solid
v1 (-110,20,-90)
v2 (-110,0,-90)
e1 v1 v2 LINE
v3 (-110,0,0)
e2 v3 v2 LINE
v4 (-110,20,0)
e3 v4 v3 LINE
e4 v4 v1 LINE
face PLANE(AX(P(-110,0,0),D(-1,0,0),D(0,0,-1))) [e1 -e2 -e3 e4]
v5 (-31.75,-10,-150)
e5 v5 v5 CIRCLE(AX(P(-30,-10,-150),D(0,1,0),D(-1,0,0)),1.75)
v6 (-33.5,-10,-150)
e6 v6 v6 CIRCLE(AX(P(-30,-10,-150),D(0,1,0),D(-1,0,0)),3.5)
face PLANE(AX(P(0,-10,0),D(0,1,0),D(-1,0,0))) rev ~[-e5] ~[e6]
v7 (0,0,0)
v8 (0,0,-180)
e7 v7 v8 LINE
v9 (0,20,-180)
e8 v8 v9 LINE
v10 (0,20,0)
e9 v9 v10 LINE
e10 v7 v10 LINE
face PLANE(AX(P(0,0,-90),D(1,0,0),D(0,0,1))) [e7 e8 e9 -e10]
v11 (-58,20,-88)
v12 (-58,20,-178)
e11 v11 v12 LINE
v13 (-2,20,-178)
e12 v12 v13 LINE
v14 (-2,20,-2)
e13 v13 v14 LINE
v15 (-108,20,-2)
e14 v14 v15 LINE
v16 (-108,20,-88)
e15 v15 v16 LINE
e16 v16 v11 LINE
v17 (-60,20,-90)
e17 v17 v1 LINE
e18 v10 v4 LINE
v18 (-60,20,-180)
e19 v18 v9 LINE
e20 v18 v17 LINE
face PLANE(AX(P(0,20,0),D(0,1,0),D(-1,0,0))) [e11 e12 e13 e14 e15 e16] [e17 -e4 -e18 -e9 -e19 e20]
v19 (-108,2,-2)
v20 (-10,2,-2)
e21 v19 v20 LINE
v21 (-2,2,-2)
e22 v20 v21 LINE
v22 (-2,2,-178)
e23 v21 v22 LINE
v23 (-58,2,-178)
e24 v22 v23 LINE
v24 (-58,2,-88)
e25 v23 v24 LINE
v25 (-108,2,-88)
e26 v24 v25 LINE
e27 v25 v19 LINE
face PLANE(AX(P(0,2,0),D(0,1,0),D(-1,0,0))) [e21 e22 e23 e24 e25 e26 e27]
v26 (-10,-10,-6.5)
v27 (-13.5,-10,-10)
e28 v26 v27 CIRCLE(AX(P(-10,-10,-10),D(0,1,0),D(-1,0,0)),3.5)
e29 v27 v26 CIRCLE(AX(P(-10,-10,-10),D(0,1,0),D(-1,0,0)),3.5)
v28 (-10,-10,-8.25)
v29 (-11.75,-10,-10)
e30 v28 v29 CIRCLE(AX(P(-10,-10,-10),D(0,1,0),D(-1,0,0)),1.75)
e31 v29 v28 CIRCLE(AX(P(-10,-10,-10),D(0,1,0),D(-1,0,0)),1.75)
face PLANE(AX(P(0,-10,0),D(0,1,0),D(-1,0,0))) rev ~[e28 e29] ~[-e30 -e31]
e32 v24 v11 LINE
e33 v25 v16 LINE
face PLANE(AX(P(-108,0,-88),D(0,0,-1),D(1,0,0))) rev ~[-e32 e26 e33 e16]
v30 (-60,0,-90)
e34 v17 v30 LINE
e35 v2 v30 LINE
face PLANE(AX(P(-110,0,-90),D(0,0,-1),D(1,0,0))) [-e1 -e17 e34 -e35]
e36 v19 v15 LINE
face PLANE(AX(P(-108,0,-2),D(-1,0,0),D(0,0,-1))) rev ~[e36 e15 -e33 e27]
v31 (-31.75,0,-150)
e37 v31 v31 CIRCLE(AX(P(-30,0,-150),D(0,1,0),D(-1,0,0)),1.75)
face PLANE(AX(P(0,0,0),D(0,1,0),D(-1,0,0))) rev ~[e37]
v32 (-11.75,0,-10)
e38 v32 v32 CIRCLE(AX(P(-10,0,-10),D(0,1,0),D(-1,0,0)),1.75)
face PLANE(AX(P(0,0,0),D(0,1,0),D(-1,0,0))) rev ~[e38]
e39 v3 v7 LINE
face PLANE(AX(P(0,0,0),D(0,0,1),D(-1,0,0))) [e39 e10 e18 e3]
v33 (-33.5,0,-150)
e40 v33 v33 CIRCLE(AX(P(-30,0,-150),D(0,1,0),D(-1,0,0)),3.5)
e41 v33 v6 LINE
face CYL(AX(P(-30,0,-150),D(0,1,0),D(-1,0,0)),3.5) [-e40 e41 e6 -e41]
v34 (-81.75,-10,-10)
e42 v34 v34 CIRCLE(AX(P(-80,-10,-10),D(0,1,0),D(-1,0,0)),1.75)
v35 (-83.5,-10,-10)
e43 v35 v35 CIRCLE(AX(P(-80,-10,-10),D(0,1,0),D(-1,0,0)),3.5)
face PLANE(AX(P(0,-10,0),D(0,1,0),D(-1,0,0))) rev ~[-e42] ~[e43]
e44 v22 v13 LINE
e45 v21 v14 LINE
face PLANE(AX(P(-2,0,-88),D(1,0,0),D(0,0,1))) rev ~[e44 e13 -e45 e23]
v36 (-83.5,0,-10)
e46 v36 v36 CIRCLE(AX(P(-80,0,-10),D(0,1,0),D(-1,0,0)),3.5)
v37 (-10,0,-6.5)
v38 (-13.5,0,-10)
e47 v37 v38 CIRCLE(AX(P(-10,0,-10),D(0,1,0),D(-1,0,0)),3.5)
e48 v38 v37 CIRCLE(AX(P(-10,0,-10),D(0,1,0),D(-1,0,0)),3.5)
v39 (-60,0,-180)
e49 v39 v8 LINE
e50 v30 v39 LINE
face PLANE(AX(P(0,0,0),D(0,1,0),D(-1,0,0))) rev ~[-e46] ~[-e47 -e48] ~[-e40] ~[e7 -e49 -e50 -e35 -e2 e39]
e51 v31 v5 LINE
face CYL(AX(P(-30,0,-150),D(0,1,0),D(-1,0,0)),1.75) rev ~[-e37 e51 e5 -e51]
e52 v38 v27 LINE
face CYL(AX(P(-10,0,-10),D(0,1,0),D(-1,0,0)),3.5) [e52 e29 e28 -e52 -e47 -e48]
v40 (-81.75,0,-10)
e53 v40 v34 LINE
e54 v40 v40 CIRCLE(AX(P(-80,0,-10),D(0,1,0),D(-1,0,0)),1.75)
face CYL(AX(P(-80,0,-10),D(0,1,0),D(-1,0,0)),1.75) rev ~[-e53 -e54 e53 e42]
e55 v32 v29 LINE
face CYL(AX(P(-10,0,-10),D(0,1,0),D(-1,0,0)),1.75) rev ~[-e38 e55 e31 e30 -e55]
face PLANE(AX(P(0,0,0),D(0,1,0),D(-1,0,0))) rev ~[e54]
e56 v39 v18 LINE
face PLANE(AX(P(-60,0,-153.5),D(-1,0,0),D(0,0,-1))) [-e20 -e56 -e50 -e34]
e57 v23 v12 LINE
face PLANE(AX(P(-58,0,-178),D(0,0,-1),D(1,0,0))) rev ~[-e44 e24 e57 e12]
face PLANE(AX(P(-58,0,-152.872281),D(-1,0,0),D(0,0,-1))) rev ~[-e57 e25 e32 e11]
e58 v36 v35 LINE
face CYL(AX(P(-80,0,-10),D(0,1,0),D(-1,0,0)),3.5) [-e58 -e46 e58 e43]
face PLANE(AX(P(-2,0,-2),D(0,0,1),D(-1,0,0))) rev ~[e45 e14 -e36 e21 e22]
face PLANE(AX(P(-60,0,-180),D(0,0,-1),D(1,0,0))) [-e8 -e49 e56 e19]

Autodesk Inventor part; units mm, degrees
ref_plane "YZ Plane" through (0, 0, 0) normal (1, 0, 0) x (0, 1, 0)
ref_plane "XZ Plane" through (0, 0, 0) normal (0, 1, 0) x (-1, 0, 0)
ref_plane "XY Plane" through (0, 0, 0) normal (0, 0, 1) x (1, 0, 0)
sketch "Szkic1" plane through (0, 0, 0) normal (0, 1, 0) x (-1, 0, 0)
  line L0 (0, 0) -> (110, 0)
  line L1 (110, 0) -> (110, -90)
  line L2 (110, -90) -> (0, -90)
  line L3 (0, -90) -> (0, 0)
  line L4 (0, -90) -> (60, -90)
  line L5 (60, -90) -> (60, -180)
  line L6 (60, -180) -> (0, -180)
  line L7 (0, -180) -> (0, -90)
  line L8 (2, -2) -> (108, -2)
  line L9 (108, -2) -> (108, -88)
  line L10 (108, -88) -> (2, -88)
  line L11 (2, -88) -> (2, -2)
  line L12 (2, -2) -> (108, -88) construction
  line L13 (108, -2) -> (2, -88) construction
  line L14 (2, -92) -> (58, -92)
  line L15 (58, -92) -> (58, -178)
  line L16 (58, -178) -> (2, -178)
  line L17 (2, -178) -> (2, -92)
  line L18 (2, -92) -> (58, -178) construction
  line L19 (58, -92) -> (2, -178) construction
  line L20 (55, -88) -> (2, -88)
  line L21 (2, -88) -> (2, -92)
  line L22 (2, -92) -> (55, -92)
  line L23 (55, -92) -> (55, -88)
  line L24 (58, -92) -> (2, -92)
  line L25 (2, -92) -> (2, -88)
  line L26 (2, -88) -> (58, -88)
  line L27 (58, -88) -> (58, -92)
  line L28 (0, 0) -> (10, 0)
  line L29 (10, 0) -> (10, -10)
  circle A0 centre (10, -10) radius 1.75
  circle A1 centre (10, -10) radius 3.5
  circle A2 centre (20, -10) radius 3.5
  circle A3 centre (20, -10) radius 1.75
  circle A4 centre (30, -10) radius 3.5
  circle A5 centre (30, -10) radius 1.75
  circle A6 centre (40, -10) radius 3.5
  circle A7 centre (40, -10) radius 1.75
  circle A8 centre (50, -10) radius 3.5
  circle A9 centre (50, -10) radius 1.75
  circle A10 centre (60, -10) radius 3.5
  circle A11 centre (60, -10) radius 1.75
  circle A12 centre (70, -10) radius 3.5
  circle A13 centre (70, -10) radius 1.75
  circle A14 centre (80, -10) radius 3.5
  circle A15 centre (80, -10) radius 1.75
  circle A16 centre (90, -10) radius 3.5
  circle A17 centre (90, -10) radius 1.75
  circle A18 centre (100, -10) radius 3.5
  circle A19 centre (100, -10) radius 1.75
  circle A20 centre (10, -20) radius 3.5
  circle A21 centre (10, -20) radius 1.75
  circle A22 centre (20, -20) radius 3.5
  circle A23 centre (20, -20) radius 1.75
  circle A24 centre (30, -20) radius 3.5
  circle A25 centre (30, -20) radius 1.75
  circle A26 centre (40, -20) radius 3.5
  circle A27 centre (40, -20) radius 1.75
  circle A28 centre (50, -20) radius 3.5
  circle A29 centre (50, -20) radius 1.75
  circle A30 centre (60, -20) radius 3.5
  circle A31 centre (60, -20) radius 1.75
  circle A32 centre (70, -20) radius 3.5
  circle A33 centre (70, -20) radius 1.75
  circle A34 centre (80, -20) radius 3.5
  circle A35 centre (80, -20) radius 1.75
  circle A36 centre (90, -20) radius 3.5
  circle A37 centre (90, -20) radius 1.75
  circle A38 centre (100, -20) radius 3.5
  circle A39 centre (100, -20) radius 1.75
  circle A40 centre (10, -30) radius 3.5
  circle A41 centre (10, -30) radius 1.75
  circle A42 centre (20, -30) radius 3.5
  circle A43 centre (20, -30) radius 1.75
  circle A44 centre (30, -30) radius 3.5
  circle A45 centre (30, -30) radius 1.75
  circle A46 centre (40, -30) radius 3.5
  circle A47 centre (40, -30) radius 1.75
  circle A48 centre (50, -30) radius 3.5
  circle A49 centre (50, -30) radius 1.75
  circle A50 centre (60, -30) radius 3.5
  circle A51 centre (60, -30) radius 1.75
  circle A52 centre (70, -30) radius 3.5
  circle A53 centre (70, -30) radius 1.75
  circle A54 centre (80, -30) radius 3.5
  circle A55 centre (80, -30) radius 1.75
  circle A56 centre (90, -30) radius 3.5
  circle A57 centre (90, -30) radius 1.75
  circle A58 centre (100, -30) radius 3.5
  circle A59 centre (100, -30) radius 1.75
  circle A60 centre (10, -40) radius 3.5
  circle A61 centre (10, -40) radius 1.75
  circle A62 centre (20, -40) radius 3.5
  circle A63 centre (20, -40) radius 1.75
  circle A64 centre (30, -40) radius 3.5
  circle A65 centre (30, -40) radius 1.75
  circle A66 centre (40, -40) radius 3.5
  circle A67 centre (40, -40) radius 1.75
  circle A68 centre (50, -40) radius 3.5
  circle A69 centre (50, -40) radius 1.75
  circle A70 centre (60, -40) radius 3.5
  circle A71 centre (60, -40) radius 1.75
  circle A72 centre (70, -40) radius 3.5
  circle A73 centre (70, -40) radius 1.75
  circle A74 centre (80, -40) radius 3.5
  circle A75 centre (80, -40) radius 1.75
  circle A76 centre (90, -40) radius 3.5
  circle A77 centre (90, -40) radius 1.75
  circle A78 centre (100, -40) radius 3.5
  circle A79 centre (100, -40) radius 1.75
  circle A80 centre (10, -50) radius 3.5
  circle A81 centre (10, -50) radius 1.75
  circle A82 centre (20, -50) radius 3.5
  circle A83 centre (20, -50) radius 1.75
  circle A84 centre (30, -50) radius 3.5
  circle A85 centre (30, -50) radius 1.75
  circle A86 centre (40, -50) radius 3.5
  circle A87 centre (40, -50) radius 1.75
  circle A88 centre (50, -50) radius 3.5
  circle A89 centre (50, -50) radius 1.75
  circle A90 centre (60, -50) radius 3.5
  circle A91 centre (60, -50) radius 1.75
  circle A92 centre (70, -50) radius 3.5
  circle A93 centre (70, -50) radius 1.75
  circle A94 centre (80, -50) radius 3.5
  circle A95 centre (80, -50) radius 1.75
  circle A96 centre (90, -50) radius 3.5
  circle A97 centre (90, -50) radius 1.75
  circle A98 centre (100, -50) radius 3.5
  circle A99 centre (100, -50) radius 1.75
  circle A100 centre (10, -60) radius 3.5
  circle A101 centre (10, -60) radius 1.75
  circle A102 centre (20, -60) radius 3.5
  circle A103 centre (20, -60) radius 1.75
  circle A104 centre (30, -60) radius 3.5
  circle A105 centre (30, -60) radius 1.75
  circle A106 centre (40, -60) radius 3.5
  circle A107 centre (40, -60) radius 1.75
  circle A108 centre (50, -60) radius 3.5
  circle A109 centre (50, -60) radius 1.75
  circle A110 centre (60, -60) radius 3.5
  circle A111 centre (60, -60) radius 1.75
  circle A112 centre (70, -60) radius 3.5
  circle A113 centre (70, -60) radius 1.75
  circle A114 centre (80, -60) radius 3.5
  circle A115 centre (80, -60) radius 1.75
  circle A116 centre (90, -60) radius 3.5
  circle A117 centre (90, -60) radius 1.75
  circle A118 centre (100, -60) radius 3.5
  circle A119 centre (100, -60) radius 1.75
  circle A120 centre (10, -70) radius 3.5
  circle A121 centre (10, -70) radius 1.75
  circle A122 centre (20, -70) radius 3.5
  circle A123 centre (20, -70) radius 1.75
  circle A124 centre (30, -70) radius 3.5
  circle A125 centre (30, -70) radius 1.75
  circle A126 centre (40, -70) radius 3.5
  circle A127 centre (40, -70) radius 1.75
  circle A128 centre (50, -70) radius 3.5
  circle A129 centre (50, -70) radius 1.75
  circle A130 centre (60, -70) radius 3.5
  circle A131 centre (60, -70) radius 1.75
  circle A132 centre (70, -70) radius 3.5
  circle A133 centre (70, -70) radius 1.75
  circle A134 centre (80, -70) radius 3.5
  circle A135 centre (80, -70) radius 1.75
  circle A136 centre (90, -70) radius 3.5
  circle A137 centre (90, -70) radius 1.75
  circle A138 centre (100, -70) radius 3.5
  circle A139 centre (100, -70) radius 1.75
  circle A140 centre (10, -80) radius 3.5
  circle A141 centre (10, -80) radius 1.75
  circle A142 centre (20, -80) radius 3.5
  circle A143 centre (20, -80) radius 1.75
  circle A144 centre (30, -80) radius 3.5
  circle A145 centre (30, -80) radius 1.75
  circle A146 centre (40, -80) radius 3.5
  circle A147 centre (40, -80) radius 1.75
  circle A148 centre (50, -80) radius 3.5
  circle A149 centre (50, -80) radius 1.75
  circle A150 centre (60, -80) radius 3.5
  circle A151 centre (60, -80) radius 1.75
  circle A152 centre (70, -80) radius 3.5
  circle A153 centre (70, -80) radius 1.75
  circle A154 centre (80, -80) radius 3.5
  circle A155 centre (80, -80) radius 1.75
  circle A156 centre (90, -80) radius 3.5
  circle A157 centre (90, -80) radius 1.75
  circle A158 centre (100, -80) radius 3.5
  circle A159 centre (100, -80) radius 1.75
  circle A160 centre (10, -90) radius 3.5
  circle A161 centre (10, -90) radius 1.75
  circle A162 centre (20, -90) radius 3.5
  circle A163 centre (20, -90) radius 1.75
  circle A164 centre (30, -90) radius 3.5
  circle A165 centre (30, -90) radius 1.75
  circle A166 centre (40, -90) radius 3.5
  circle A167 centre (40, -90) radius 1.75
  circle A168 centre (50, -90) radius 3.5
  circle A169 centre (50, -90) radius 1.75
  circle A170 centre (60, -90) radius 3.5
  circle A171 centre (60, -90) radius 1.75
  circle A172 centre (70, -90) radius 3.5
  circle A173 centre (70, -90) radius 1.75
  circle A174 centre (80, -90) radius 3.5
  circle A175 centre (80, -90) radius 1.75
  circle A176 centre (90, -90) radius 3.5
  circle A177 centre (90, -90) radius 1.75
  circle A178 centre (100, -90) radius 3.5
  circle A179 centre (100, -90) radius 1.75
  circle A180 centre (10, -100) radius 3.5
  circle A181 centre (10, -100) radius 1.75
  circle A182 centre (20, -100) radius 3.5
  circle A183 centre (20, -100) radius 1.75
  circle A184 centre (30, -100) radius 3.5
  circle A185 centre (30, -100) radius 1.75
  circle A186 centre (40, -100) radius 3.5
  circle A187 centre (40, -100) radius 1.75
  circle A188 centre (50, -100) radius 3.5
  circle A189 centre (50, -100) radius 1.75
  circle A190 centre (60, -100) radius 3.5
  circle A191 centre (60, -100) radius 1.75
  circle A192 centre (70, -100) radius 3.5
  circle A193 centre (70, -100) radius 1.75
  circle A194 centre (80, -100) radius 3.5
  circle A195 centre (80, -100) radius 1.75
  circle A196 centre (90, -100) radius 3.5
  circle A197 centre (90, -100) radius 1.75
  circle A198 centre (100, -100) radius 3.5
  circle A199 centre (100, -100) radius 1.75
  circle A200 centre (10, -110) radius 3.5
  circle A201 centre (10, -110) radius 1.75
  circle A202 centre (20, -110) radius 3.5
  circle A203 centre (20, -110) radius 1.75
  circle A204 centre (30, -110) radius 3.5
  circle A205 centre (30, -110) radius 1.75
  circle A206 centre (40, -110) radius 3.5
  circle A207 centre (40, -110) radius 1.75
  circle A208 centre (50, -110) radius 3.5
  circle A209 centre (50, -110) radius 1.75
  circle A210 centre (60, -110) radius 3.5
  circle A211 centre (60, -110) radius 1.75
  circle A212 centre (70, -110) radius 3.5
  circle A213 centre (70, -110) radius 1.75
  circle A214 centre (80, -110) radius 3.5
  circle A215 centre (80, -110) radius 1.75
  circle A216 centre (90, -110) radius 3.5
  circle A217 centre (90, -110) radius 1.75
  circle A218 centre (100, -110) radius 3.5
  circle A219 centre (100, -110) radius 1.75
  circle A220 centre (10, -120) radius 3.5
  circle A221 centre (10, -120) radius 1.75
  circle A222 centre (20, -120) radius 3.5
  circle A223 centre (20, -120) radius 1.75
  circle A224 centre (30, -120) radius 3.5
  circle A225 centre (30, -120) radius 1.75
  circle A226 centre (40, -120) radius 3.5
  circle A227 centre (40, -120) radius 1.75
  circle A228 centre (50, -120) radius 3.5
  circle A229 centre (50, -120) radius 1.75
  circle A230 centre (60, -120) radius 3.5
  circle A231 centre (60, -120) radius 1.75
  circle A232 centre (70, -120) radius 3.5
  circle A233 centre (70, -120) radius 1.75
  circle A234 centre (80, -120) radius 3.5
  circle A235 centre (80, -120) radius 1.75
  circle A236 centre (90, -120) radius 3.5
  circle A237 centre (90, -120) radius 1.75
  circle A238 centre (100, -120) radius 3.5
  circle A239 centre (100, -120) radius 1.75
  circle A240 centre (10, -130) radius 3.5
  circle A241 centre (10, -130) radius 1.75
  circle A242 centre (20, -130) radius 3.5
  circle A243 centre (20, -130) radius 1.75
  circle A244 centre (30, -130) radius 3.5
  circle A245 centre (30, -130) radius 1.75
  circle A246 centre (40, -130) radius 3.5
  circle A247 centre (40, -130) radius 1.75
  circle A248 centre (50, -130) radius 3.5
  circle A249 centre (50, -130) radius 1.75
  circle A250 centre (60, -130) radius 3.5
  circle A251 centre (60, -130) radius 1.75
  circle A252 centre (70, -130) radius 3.5
  circle A253 centre (70, -130) radius 1.75
  circle A254 centre (80, -130) radius 3.5
  circle A255 centre (80, -130) radius 1.75
  circle A256 centre (90, -130) radius 3.5
  circle A257 centre (90, -130) radius 1.75
  circle A258 centre (100, -130) radius 3.5
  circle A259 centre (100, -130) radius 1.75
  circle A260 centre (10, -140) radius 3.5
  circle A261 centre (10, -140) radius 1.75
  circle A262 centre (20, -140) radius 3.5
  circle A263 centre (20, -140) radius 1.75
  circle A264 centre (30, -140) radius 3.5
  circle A265 centre (30, -140) radius 1.75
  circle A266 centre (40, -140) radius 3.5
  circle A267 centre (40, -140) radius 1.75
  circle A268 centre (50, -140) radius 3.5
  circle A269 centre (50, -140) radius 1.75
  circle A270 centre (60, -140) radius 3.5
  circle A271 centre (60, -140) radius 1.75
  circle A272 centre (70, -140) radius 3.5
  circle A273 centre (70, -140) radius 1.75
  circle A274 centre (80, -140) radius 3.5
  circle A275 centre (80, -140) radius 1.75
  circle A276 centre (90, -140) radius 3.5
  circle A277 centre (90, -140) radius 1.75
  circle A278 centre (100, -140) radius 3.5
  circle A279 centre (100, -140) radius 1.75
  circle A280 centre (10, -150) radius 3.5
  circle A281 centre (10, -150) radius 1.75
  circle A282 centre (20, -150) radius 3.5
  circle A283 centre (20, -150) radius 1.75
  circle A284 centre (30, -150) radius 3.5
  circle A285 centre (30, -150) radius 1.75
  circle A286 centre (40, -150) radius 3.5
  circle A287 centre (40, -150) radius 1.75
  circle A288 centre (50, -150) radius 3.5
  circle A289 centre (50, -150) radius 1.75
  circle A290 centre (60, -150) radius 3.5
  circle A291 centre (60, -150) radius 1.75
  circle A292 centre (70, -150) radius 3.5
  circle A293 centre (70, -150) radius 1.75
  circle A294 centre (80, -150) radius 3.5
  circle A295 centre (80, -150) radius 1.75
  circle A296 centre (90, -150) radius 3.5
  circle A297 centre (90, -150) radius 1.75
  circle A298 centre (100, -150) radius 3.5
  circle A299 centre (100, -150) radius 1.75
  point P0 (55, -45)
  point P1 (30, -135)
  point P2 (60, -90)
  dimension "d0" = 110
  dimension "d1" = 90
  dimension "d2" = 60
  dimension "d3" = 90
  dimension "d4" = 106
  dimension "d5" = 86
  dimension "d6" = 56
  dimension "d7" = 86
  dimension "d12" = 10
  dimension "d13" = 10
  dimension "d14" = 90
  dimension "d15" = 3.5
  dimension "d16" = 7
  dimension "d19" = 10
  dimension "d22" = 10
  dimension "d27" = 2
  dimension "d28" = 2
  dimension "d29" = 2
  dimension "d30" = 2
extrude "Wyciągnięcie proste1" add sketch "Szkic1" along normal blind 2 contours L0 L29 L8 L11 L21 L2 L3 | L0 L1 L2 A178 L10 L9 L8 L29 | L2 L21 L17 L16 L15 A290 L5 L6 L7 | L8 L9 L10 A178 A176 A174 A172 A170 A168 A166 A164 A162 A160 L11 | A0 | A1 | L21 L10 A160 L2 | L2 A160 L14 L21 | A160 L10 L2 A161 | L2 A161 A160 L14 | L14 A160 A162 A164 A166 A168 A170 L15 A190 A210 A230 A250 A270 A290 L16 L17 | L2 A179 A178 L10 | A161 L2 | L2 A161 | A160 L10 | L14 A160 | A290 L15 L5 A291 | L2 A179 | L10 A178 | L2 A176 L10 A178 | L10 A162 L2 A160 | A160 L2 A162 L14 | A291 L5 | A290 L15 | L2 A177 A176 L10 | A162 L10 | L10 A162 L2 A163 | A162 L2 A163 L14 | L14 A162 | L15 A270 L5 A290 | L10 A176 | L2 A177 | L2 A174 L10 A176 | L10 A164 L2 A162 | A162 L2 A164 L14 | A270 L15 | L15 A270 L5 A271 | L2 A175 A174 L10 | A163 L2 | L2 A163 | A164 L10 | L10 A164 L2 A165 | A164 L2 A165 L14 | L14 A164 | L15 A250 L5 A270 | A271 L5 | L10 A174 | L2 A175 | L2 A172 L10 A174 | L10 A166 L2 A164 | A164 L2 A166 L14 | A250 L15 | L15 A250 L5 A251 | L2 A173 A172 L10 | A166 L10 | L10 A166 L2 A167 | A165 L2 | L2 A165 | A166 L2 A167 L14 | L14 A166 | L15 A230 L5 A250 | L10 A172 | L2 A173 | L2 A170 L10 A172 | L10 A168 L2 A166 | A166 L2 A168 L14 | A230 L15 | L15 A230 L5 A231 | A251 L5 | L2 A171 L27 L10 A170 | A168 L10 | L10 A168 L2 A169 | A167 L2 | L2 A167 | A168 L2 A169 L14 | L14 A168 | L15 A210 L5 A230 | L10 A170 | L2 A171 | A170 L15 L27 L2 A171 L5 | L5 A190 L15 A170 | L10 L23 L2 A168 | A168 L2 L23 L14 | A210 L15 | L15 A210 L5 A211 | A231 L5 | L27 L2 A170 L10 | A170 L2 L23 L10 | L5 A171 L2 | L5 A191 A190 L15 | A170 L14 L15 | A169 L2 | L2 A169 | L23 L2 A170 L14 | L15 A190 L5 A210 | L27 L14 A170 L2 | L5 A191 | L15 A190 | A211 L5 | A2 | A3 | A4 | A5 | A6 | A7 | A8 | A9 | A10 | A11 | A12 | A13 | A14 | A15 | A16 | A17 | A18 | A19 | A20 | A21 | A22 | A23 | A24 | A25 | A26 | A27 | A28 | A29 | A30 | A31 | A32 | A33 | A34 | A35 | A36 | A37 | A38 | A39 | A40 | A41 | A42 | A43 | A44 | A45 | A46 | A47 | A48 | A49 | A50 | A51 | A52 | A53 | A54 | A55 | A56 | A57 | A58 | A59 | A60 | A61 | A62 | A63 | A64 | A65 | A66 | A67 | A68 | A69 | A70 | A71 | A72 | A73 | A74 | A75 | A76 | A77 | A78 | A79 | A80 | A81 | A82 | A83 | A84 | A85 | A86 | A87 | A88 | A89 | A90 | A91 | A92 | A93 | A94 | A95 | A96 | A97 | A98 | A99 | A100 | A101 | A102 | A103 | A104 | A105 | A106 | A107 | A108 | A109 | A110 | A111 | A112 | A113 | A114 | A115 | A116 | A117 | A118 | A119 | A120 | A121 | A122 | A123 | A124 | A125 | A126 | A127 | A128 | A129 | A130 | A131 | A132 | A133 | A134 | A135 | A136 | A137 | A138 | A139 | A140 | A141 | A142 | A143 | A144 | A145 | A146 | A147 | A148 | A149 | A150 | A151 | A152 | A153 | A154 | A155 | A156 | A157 | A158 | A159 | A180 | A181 | A182 | A183 | A184 | A185 | A186 | A187 | A188 | A189 | A200 | A201 | A202 | A203 | A204 | A205 | A206 | A207 | A208 | A209 | A220 | A221 | A222 | A223 | A224 | A225 | A226 | A227 | A228 | A229 | A240 | A241 | A242 | A243 | A244 | A245 | A246 | A247 | A248 | A249 | A260 | A261 | A262 | A263 | A264 | A265 | A266 | A267 | A268 | A269 | A280 | A281 | A282 | A283 | A284 | A285 | A286 | A287 | A288 | A289 picked at (100.2069, -89.4546) picked at (59.4209, -150.0703) picked at (90.2069, -89.4546) picked at (59.4209, -140.0703) picked at (80.2069, -89.4546) picked at (70.2069, -89.4546) picked at (59.4209, -130.0703) picked at (59.5199, -120.3314) picked at (58.848, -90.1298) picked at (59.1092, -100.2815) picked at (59.5199, -110.3314)
extrude "Wyciągnięcie proste2" add sketch "Szkic1" along normal blind 20 contours L0 L29 L8 L11 L21 L2 L3 | L0 L1 L2 A178 L10 L9 L8 L29 | L2 L21 L17 L16 L15 A290 L5 L6 L7 | L2 A179 A178 L10 | A290 L15 L5 A291 | L2 A179 | L2 A176 L10 A178 | A291 L5 | L2 A177 A176 L10 | L15 A270 L5 A290 | L2 A177 | L2 A174 L10 A176 | L15 A270 L5 A271 | L2 A175 A174 L10 | L15 A250 L5 A270 | A271 L5 | L2 A175 | L2 A172 L10 A174 | L15 A250 L5 A251 | L2 A173 A172 L10 | L15 A230 L5 A250 | L2 A173 | L2 A170 L10 A172 | L15 A230 L5 A231 | A251 L5 | L2 A171 L27 L10 A170 | L15 A210 L5 A230 | L2 A171 | A170 L15 L27 L2 A171 L5 | L5 A190 L15 A170 | L15 A210 L5 A211 | A231 L5 | L5 A171 L2 | L5 A191 A190 L15 | L15 A190 L5 A210 | L5 A191 | A211 L5 picked at (100.2069, -89.4546) picked at (59.4209, -150.0703) picked at (90.2069, -89.4546) picked at (59.4209, -140.0703) picked at (80.2069, -89.4546) picked at (70.2069, -89.4546) picked at (59.4209, -130.0703) picked at (59.5199, -120.3314) picked at (58.848, -90.1298) picked at (59.1092, -100.2815) picked at (59.5199, -110.3314)
extrude "Wyciągnięcie proste3" add sketch "Szkic1" against normal blind 10 contours A1 | A14 | A284
properties part number "skrzynka_na_elektronike"
